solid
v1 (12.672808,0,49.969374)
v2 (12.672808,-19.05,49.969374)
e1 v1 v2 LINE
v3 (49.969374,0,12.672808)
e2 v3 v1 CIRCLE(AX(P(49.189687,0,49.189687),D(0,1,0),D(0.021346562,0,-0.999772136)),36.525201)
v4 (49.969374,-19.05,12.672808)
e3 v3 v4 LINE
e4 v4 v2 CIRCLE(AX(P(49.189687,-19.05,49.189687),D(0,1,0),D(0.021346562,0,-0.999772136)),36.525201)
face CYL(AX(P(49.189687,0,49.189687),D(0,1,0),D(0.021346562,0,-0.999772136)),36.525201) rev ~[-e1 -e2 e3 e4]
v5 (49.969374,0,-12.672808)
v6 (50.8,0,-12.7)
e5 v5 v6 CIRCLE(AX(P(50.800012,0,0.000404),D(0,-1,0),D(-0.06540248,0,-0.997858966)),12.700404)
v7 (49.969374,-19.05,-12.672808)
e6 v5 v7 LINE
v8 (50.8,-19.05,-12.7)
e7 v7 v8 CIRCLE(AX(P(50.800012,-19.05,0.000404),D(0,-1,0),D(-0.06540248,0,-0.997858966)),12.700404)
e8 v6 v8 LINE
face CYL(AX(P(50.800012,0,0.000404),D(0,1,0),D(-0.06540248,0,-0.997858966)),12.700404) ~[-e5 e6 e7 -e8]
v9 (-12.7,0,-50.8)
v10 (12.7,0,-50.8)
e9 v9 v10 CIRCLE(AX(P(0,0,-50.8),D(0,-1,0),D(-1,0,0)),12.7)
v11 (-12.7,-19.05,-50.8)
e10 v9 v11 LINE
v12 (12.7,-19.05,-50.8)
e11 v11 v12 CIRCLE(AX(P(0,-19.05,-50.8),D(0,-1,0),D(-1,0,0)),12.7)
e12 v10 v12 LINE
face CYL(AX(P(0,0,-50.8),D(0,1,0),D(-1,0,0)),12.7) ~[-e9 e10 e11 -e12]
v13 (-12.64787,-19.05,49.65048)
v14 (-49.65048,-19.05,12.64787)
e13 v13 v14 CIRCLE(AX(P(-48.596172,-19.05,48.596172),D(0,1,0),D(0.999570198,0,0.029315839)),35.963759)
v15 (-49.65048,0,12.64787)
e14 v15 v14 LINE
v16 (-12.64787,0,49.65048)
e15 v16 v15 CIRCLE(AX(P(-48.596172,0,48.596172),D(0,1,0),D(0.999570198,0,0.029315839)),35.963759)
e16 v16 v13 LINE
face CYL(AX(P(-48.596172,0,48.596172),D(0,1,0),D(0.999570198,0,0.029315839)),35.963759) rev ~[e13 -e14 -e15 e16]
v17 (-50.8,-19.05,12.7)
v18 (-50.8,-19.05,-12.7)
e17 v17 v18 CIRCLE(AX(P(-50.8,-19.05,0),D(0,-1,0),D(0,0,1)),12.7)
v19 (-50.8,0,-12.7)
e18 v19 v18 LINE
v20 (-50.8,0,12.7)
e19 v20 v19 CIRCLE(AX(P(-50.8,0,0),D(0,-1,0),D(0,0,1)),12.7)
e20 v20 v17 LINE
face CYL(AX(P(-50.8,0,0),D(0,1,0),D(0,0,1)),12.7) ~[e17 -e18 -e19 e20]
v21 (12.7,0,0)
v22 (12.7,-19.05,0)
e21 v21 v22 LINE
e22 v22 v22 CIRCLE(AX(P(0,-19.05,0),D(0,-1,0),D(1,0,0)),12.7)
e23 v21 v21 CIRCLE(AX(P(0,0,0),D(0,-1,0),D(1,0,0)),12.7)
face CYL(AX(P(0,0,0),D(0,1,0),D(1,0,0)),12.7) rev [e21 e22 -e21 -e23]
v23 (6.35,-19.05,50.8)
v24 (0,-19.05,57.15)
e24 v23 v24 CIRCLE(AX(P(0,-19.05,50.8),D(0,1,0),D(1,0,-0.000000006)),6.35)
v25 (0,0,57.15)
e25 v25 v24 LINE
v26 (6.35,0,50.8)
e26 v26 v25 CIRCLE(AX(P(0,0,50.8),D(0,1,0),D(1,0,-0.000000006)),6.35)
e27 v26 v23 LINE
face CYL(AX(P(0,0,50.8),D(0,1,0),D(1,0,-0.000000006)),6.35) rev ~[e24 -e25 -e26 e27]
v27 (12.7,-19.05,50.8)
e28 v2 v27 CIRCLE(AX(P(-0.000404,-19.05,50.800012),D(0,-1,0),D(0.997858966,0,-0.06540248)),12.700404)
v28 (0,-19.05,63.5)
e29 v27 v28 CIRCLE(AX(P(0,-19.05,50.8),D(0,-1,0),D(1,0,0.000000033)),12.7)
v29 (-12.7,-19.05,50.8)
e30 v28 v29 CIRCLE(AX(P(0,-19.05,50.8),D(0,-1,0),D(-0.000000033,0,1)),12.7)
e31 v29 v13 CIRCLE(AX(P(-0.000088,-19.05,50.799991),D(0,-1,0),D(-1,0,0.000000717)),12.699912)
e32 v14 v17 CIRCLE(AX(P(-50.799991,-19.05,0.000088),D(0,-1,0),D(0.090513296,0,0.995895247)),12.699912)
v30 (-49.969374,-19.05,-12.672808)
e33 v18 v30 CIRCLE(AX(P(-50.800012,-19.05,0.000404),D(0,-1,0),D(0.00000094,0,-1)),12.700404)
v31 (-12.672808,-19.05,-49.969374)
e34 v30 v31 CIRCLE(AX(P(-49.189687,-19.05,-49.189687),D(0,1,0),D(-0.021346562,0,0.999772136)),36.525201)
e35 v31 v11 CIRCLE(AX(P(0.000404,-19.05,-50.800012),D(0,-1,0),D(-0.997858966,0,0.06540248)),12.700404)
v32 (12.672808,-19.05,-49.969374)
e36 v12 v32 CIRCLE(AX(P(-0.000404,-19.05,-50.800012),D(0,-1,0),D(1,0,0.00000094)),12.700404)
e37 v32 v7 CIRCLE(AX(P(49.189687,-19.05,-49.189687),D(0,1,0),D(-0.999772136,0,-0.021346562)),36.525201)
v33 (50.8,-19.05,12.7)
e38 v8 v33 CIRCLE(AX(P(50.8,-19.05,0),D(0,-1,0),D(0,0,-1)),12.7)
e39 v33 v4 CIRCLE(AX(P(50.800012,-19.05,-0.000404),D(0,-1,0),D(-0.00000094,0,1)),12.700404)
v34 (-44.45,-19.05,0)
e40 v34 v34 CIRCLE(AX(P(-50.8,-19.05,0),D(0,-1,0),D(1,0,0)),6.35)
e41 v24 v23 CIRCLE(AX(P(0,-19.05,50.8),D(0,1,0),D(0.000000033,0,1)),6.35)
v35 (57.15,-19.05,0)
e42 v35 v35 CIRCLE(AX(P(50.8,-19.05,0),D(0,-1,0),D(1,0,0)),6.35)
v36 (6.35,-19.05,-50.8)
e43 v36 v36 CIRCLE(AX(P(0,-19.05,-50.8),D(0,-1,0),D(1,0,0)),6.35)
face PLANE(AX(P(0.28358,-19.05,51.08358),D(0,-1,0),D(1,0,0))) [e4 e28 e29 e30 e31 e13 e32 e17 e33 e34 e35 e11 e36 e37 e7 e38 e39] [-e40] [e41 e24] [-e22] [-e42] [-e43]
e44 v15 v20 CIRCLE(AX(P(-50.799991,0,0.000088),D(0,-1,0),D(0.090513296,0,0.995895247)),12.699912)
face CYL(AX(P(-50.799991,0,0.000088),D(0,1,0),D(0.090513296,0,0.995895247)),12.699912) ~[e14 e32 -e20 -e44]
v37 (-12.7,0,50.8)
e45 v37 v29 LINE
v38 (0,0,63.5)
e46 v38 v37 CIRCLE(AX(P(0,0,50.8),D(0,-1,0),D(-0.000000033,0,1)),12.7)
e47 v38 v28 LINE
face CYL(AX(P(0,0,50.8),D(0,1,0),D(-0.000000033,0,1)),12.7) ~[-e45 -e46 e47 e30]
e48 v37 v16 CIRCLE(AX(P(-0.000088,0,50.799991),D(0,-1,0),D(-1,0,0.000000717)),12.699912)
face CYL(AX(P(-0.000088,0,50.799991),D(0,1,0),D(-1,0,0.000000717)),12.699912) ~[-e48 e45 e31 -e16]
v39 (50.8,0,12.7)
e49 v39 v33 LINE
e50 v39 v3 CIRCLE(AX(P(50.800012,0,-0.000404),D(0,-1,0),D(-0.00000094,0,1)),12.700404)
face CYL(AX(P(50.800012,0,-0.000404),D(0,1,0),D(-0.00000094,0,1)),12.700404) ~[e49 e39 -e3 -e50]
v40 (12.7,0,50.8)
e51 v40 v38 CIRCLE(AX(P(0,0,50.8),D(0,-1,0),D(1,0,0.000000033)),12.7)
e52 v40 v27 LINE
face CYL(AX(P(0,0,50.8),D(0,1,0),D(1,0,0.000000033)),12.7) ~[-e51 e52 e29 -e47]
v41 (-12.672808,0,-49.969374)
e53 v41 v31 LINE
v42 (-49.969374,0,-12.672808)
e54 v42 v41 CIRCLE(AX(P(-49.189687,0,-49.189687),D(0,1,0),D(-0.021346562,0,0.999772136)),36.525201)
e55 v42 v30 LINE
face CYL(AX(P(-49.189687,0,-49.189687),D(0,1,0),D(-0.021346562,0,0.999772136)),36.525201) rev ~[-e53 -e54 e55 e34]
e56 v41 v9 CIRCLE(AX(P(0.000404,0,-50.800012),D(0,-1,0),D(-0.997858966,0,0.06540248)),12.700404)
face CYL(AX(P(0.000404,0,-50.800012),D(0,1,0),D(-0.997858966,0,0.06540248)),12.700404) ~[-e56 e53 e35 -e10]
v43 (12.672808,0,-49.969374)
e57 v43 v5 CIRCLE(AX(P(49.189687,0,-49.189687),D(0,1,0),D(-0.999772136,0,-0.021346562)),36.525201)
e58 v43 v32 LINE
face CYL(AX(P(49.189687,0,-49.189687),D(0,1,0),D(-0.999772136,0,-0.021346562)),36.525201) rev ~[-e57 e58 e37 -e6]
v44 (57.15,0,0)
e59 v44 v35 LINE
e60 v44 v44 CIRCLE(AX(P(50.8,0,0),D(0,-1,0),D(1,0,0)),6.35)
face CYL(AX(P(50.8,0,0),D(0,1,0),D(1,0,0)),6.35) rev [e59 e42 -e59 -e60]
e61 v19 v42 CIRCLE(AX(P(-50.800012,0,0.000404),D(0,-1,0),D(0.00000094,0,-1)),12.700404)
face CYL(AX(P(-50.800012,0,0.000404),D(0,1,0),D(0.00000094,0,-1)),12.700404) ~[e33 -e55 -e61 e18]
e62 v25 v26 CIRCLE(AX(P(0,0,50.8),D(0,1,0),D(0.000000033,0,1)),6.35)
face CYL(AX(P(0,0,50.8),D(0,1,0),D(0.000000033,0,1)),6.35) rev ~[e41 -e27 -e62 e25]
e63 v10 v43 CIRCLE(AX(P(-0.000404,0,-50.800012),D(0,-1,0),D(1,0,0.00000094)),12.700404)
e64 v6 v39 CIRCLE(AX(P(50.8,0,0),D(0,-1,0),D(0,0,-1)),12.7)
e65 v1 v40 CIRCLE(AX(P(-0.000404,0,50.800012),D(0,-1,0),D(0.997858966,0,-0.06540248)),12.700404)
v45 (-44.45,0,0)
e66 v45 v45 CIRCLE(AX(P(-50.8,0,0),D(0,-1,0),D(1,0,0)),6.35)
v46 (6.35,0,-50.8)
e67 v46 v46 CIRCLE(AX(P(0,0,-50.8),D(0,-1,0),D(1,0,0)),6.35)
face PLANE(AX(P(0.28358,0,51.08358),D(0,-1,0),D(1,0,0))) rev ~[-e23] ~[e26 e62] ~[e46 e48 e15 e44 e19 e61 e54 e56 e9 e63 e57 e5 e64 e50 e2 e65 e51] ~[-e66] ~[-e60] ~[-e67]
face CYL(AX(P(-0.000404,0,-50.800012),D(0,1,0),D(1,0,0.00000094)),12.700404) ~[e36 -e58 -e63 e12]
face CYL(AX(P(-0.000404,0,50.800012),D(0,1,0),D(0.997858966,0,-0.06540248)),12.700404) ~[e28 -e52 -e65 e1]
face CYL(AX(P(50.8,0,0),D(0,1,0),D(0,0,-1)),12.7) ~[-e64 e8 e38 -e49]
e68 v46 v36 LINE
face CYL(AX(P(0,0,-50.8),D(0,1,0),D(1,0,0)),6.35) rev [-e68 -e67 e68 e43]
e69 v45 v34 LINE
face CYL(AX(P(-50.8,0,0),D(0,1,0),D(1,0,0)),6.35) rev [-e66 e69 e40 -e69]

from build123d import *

# Parameters (mm, degrees)
F0_R     = 6.35
F0_R_2   = 12.7
F1_DEPTH = 19.05


with BuildPart() as f1:
    # F0 (on Front) → F1 (new body)
    with BuildSketch(Plane.XZ):
        with BuildLine():
            ThreePointArc((0, 57.15), (-4.490128, 46.309872), (6.35, 50.8))
            ThreePointArc((6.35, 50.8), (4.490128, 55.290128), (0, 57.15))
        make_face()
        with BuildLine():
            ThreePointArc((12.7, 50.8), (8.980256, 59.780256), (0, 63.5))
            ThreePointArc((0, 63.5), (-8.980256, 59.780256), (-12.7, 50.8))
            ThreePointArc((-12.7, 50.8), (-12.669337, 50.225448), (-12.64787, 49.65048))
            ThreePointArc((-12.64787, 49.65048), (-23.165954, 23.165954), (-49.65048, 12.64787))
            ThreePointArc((-49.65048, 12.64787), (-50.225448, 12.669337), (-50.8, 12.7))
            ThreePointArc((-50.8, 12.7), (-63.5, 0), (-50.8, -12.7))
            ThreePointArc((-50.8, -12.7), (-50.384765, -12.684041), (-49.969374, -12.672808))
            ThreePointArc((-49.969374, -12.672808), (-23.362469, -23.362469), (-12.672808, -49.969374))
            ThreePointArc((-12.672808, -49.969374), (-12.684041, -50.384765), (-12.7, -50.8))
            ThreePointArc((-12.7, -50.8), (0, -63.5), (12.7, -50.8))
            ThreePointArc((12.7, -50.8), (12.684041, -50.384765), (12.672808, -49.969374))
            ThreePointArc((12.672808, -49.969374), (23.362469, -23.362469), (49.969374, -12.672808))
            ThreePointArc((49.969374, -12.672808), (50.384765, -12.684041), (50.8, -12.7))
            ThreePointArc((50.8, -12.7), (63.5, 0), (50.8, 12.7))
            ThreePointArc((50.8, 12.7), (50.384765, 12.684041), (49.969374, 12.672808))
            ThreePointArc((49.969374, 12.672808), (23.362469, 23.362469), (12.672808, 49.969374))
            ThreePointArc((12.672808, 49.969374), (12.684041, 50.384765), (12.7, 50.8))
        make_face()
        with Locations((0, -50.8)):
            Circle(F0_R, mode=Mode.SUBTRACT)
        with Locations((-50.8, 0)):
            Circle(F0_R, mode=Mode.SUBTRACT)
        Circle(F0_R_2, mode=Mode.SUBTRACT)
        with Locations((50.8, 0)):
            Circle(F0_R, mode=Mode.SUBTRACT)
        with BuildLine():
            ThreePointArc((0, 57.15), (4.490128, 55.290128), (6.35, 50.8))
            ThreePointArc((6.35, 50.8), (-4.490128, 46.309872), (0, 57.15))
        make_face(mode=Mode.SUBTRACT)
        with BuildLine():
            ThreePointArc((12.672808, 49.969374), (12.6932, 50.384465), (12.7, 50.8))
            ThreePointArc((12.7, 50.8), (12.684041, 50.384765), (12.672808, 49.969374))
        make_face()
        with BuildLine():
            ThreePointArc((-12.64787, 49.65048), (-12.669337, 50.225448), (-12.7, 50.8))
            ThreePointArc((-12.7, 50.8), (-12.686961, 50.224649), (-12.64787, 49.65048))
        make_face()
        with BuildLine():
            ThreePointArc((50.8, 12.7), (50.384465, 12.6932), (49.969374, 12.672808))
            ThreePointArc((49.969374, 12.672808), (50.384765, 12.684041), (50.8, 12.7))
        make_face()
        with BuildLine():
            ThreePointArc((-50.8, 12.7), (-50.225448, 12.669337), (-49.65048, 12.64787))
            ThreePointArc((-49.65048, 12.64787), (-50.224649, 12.686961), (-50.8, 12.7))
        make_face()
        with BuildLine():
            ThreePointArc((49.969374, -12.672808), (50.384465, -12.6932), (50.8, -12.7))
            ThreePointArc((50.8, -12.7), (50.384765, -12.684041), (49.969374, -12.672808))
        make_face()
        with BuildLine():
            ThreePointArc((-49.969374, -12.672808), (-50.384765, -12.684041), (-50.8, -12.7))
            ThreePointArc((-50.8, -12.7), (-50.384465, -12.6932), (-49.969374, -12.672808))
        make_face()
        with BuildLine():
            ThreePointArc((12.7, -50.8), (12.6932, -50.384465), (12.672808, -49.969374))
            ThreePointArc((12.672808, -49.969374), (12.684041, -50.384765), (12.7, -50.8))
        make_face()
        with BuildLine():
            ThreePointArc((-12.7, -50.8), (-12.684041, -50.384765), (-12.672808, -49.969374))
            ThreePointArc((-12.672808, -49.969374), (-12.6932, -50.384465), (-12.7, -50.8))
        make_face()
    extrude(amount=F1_DEPTH)


solid = f1.part
